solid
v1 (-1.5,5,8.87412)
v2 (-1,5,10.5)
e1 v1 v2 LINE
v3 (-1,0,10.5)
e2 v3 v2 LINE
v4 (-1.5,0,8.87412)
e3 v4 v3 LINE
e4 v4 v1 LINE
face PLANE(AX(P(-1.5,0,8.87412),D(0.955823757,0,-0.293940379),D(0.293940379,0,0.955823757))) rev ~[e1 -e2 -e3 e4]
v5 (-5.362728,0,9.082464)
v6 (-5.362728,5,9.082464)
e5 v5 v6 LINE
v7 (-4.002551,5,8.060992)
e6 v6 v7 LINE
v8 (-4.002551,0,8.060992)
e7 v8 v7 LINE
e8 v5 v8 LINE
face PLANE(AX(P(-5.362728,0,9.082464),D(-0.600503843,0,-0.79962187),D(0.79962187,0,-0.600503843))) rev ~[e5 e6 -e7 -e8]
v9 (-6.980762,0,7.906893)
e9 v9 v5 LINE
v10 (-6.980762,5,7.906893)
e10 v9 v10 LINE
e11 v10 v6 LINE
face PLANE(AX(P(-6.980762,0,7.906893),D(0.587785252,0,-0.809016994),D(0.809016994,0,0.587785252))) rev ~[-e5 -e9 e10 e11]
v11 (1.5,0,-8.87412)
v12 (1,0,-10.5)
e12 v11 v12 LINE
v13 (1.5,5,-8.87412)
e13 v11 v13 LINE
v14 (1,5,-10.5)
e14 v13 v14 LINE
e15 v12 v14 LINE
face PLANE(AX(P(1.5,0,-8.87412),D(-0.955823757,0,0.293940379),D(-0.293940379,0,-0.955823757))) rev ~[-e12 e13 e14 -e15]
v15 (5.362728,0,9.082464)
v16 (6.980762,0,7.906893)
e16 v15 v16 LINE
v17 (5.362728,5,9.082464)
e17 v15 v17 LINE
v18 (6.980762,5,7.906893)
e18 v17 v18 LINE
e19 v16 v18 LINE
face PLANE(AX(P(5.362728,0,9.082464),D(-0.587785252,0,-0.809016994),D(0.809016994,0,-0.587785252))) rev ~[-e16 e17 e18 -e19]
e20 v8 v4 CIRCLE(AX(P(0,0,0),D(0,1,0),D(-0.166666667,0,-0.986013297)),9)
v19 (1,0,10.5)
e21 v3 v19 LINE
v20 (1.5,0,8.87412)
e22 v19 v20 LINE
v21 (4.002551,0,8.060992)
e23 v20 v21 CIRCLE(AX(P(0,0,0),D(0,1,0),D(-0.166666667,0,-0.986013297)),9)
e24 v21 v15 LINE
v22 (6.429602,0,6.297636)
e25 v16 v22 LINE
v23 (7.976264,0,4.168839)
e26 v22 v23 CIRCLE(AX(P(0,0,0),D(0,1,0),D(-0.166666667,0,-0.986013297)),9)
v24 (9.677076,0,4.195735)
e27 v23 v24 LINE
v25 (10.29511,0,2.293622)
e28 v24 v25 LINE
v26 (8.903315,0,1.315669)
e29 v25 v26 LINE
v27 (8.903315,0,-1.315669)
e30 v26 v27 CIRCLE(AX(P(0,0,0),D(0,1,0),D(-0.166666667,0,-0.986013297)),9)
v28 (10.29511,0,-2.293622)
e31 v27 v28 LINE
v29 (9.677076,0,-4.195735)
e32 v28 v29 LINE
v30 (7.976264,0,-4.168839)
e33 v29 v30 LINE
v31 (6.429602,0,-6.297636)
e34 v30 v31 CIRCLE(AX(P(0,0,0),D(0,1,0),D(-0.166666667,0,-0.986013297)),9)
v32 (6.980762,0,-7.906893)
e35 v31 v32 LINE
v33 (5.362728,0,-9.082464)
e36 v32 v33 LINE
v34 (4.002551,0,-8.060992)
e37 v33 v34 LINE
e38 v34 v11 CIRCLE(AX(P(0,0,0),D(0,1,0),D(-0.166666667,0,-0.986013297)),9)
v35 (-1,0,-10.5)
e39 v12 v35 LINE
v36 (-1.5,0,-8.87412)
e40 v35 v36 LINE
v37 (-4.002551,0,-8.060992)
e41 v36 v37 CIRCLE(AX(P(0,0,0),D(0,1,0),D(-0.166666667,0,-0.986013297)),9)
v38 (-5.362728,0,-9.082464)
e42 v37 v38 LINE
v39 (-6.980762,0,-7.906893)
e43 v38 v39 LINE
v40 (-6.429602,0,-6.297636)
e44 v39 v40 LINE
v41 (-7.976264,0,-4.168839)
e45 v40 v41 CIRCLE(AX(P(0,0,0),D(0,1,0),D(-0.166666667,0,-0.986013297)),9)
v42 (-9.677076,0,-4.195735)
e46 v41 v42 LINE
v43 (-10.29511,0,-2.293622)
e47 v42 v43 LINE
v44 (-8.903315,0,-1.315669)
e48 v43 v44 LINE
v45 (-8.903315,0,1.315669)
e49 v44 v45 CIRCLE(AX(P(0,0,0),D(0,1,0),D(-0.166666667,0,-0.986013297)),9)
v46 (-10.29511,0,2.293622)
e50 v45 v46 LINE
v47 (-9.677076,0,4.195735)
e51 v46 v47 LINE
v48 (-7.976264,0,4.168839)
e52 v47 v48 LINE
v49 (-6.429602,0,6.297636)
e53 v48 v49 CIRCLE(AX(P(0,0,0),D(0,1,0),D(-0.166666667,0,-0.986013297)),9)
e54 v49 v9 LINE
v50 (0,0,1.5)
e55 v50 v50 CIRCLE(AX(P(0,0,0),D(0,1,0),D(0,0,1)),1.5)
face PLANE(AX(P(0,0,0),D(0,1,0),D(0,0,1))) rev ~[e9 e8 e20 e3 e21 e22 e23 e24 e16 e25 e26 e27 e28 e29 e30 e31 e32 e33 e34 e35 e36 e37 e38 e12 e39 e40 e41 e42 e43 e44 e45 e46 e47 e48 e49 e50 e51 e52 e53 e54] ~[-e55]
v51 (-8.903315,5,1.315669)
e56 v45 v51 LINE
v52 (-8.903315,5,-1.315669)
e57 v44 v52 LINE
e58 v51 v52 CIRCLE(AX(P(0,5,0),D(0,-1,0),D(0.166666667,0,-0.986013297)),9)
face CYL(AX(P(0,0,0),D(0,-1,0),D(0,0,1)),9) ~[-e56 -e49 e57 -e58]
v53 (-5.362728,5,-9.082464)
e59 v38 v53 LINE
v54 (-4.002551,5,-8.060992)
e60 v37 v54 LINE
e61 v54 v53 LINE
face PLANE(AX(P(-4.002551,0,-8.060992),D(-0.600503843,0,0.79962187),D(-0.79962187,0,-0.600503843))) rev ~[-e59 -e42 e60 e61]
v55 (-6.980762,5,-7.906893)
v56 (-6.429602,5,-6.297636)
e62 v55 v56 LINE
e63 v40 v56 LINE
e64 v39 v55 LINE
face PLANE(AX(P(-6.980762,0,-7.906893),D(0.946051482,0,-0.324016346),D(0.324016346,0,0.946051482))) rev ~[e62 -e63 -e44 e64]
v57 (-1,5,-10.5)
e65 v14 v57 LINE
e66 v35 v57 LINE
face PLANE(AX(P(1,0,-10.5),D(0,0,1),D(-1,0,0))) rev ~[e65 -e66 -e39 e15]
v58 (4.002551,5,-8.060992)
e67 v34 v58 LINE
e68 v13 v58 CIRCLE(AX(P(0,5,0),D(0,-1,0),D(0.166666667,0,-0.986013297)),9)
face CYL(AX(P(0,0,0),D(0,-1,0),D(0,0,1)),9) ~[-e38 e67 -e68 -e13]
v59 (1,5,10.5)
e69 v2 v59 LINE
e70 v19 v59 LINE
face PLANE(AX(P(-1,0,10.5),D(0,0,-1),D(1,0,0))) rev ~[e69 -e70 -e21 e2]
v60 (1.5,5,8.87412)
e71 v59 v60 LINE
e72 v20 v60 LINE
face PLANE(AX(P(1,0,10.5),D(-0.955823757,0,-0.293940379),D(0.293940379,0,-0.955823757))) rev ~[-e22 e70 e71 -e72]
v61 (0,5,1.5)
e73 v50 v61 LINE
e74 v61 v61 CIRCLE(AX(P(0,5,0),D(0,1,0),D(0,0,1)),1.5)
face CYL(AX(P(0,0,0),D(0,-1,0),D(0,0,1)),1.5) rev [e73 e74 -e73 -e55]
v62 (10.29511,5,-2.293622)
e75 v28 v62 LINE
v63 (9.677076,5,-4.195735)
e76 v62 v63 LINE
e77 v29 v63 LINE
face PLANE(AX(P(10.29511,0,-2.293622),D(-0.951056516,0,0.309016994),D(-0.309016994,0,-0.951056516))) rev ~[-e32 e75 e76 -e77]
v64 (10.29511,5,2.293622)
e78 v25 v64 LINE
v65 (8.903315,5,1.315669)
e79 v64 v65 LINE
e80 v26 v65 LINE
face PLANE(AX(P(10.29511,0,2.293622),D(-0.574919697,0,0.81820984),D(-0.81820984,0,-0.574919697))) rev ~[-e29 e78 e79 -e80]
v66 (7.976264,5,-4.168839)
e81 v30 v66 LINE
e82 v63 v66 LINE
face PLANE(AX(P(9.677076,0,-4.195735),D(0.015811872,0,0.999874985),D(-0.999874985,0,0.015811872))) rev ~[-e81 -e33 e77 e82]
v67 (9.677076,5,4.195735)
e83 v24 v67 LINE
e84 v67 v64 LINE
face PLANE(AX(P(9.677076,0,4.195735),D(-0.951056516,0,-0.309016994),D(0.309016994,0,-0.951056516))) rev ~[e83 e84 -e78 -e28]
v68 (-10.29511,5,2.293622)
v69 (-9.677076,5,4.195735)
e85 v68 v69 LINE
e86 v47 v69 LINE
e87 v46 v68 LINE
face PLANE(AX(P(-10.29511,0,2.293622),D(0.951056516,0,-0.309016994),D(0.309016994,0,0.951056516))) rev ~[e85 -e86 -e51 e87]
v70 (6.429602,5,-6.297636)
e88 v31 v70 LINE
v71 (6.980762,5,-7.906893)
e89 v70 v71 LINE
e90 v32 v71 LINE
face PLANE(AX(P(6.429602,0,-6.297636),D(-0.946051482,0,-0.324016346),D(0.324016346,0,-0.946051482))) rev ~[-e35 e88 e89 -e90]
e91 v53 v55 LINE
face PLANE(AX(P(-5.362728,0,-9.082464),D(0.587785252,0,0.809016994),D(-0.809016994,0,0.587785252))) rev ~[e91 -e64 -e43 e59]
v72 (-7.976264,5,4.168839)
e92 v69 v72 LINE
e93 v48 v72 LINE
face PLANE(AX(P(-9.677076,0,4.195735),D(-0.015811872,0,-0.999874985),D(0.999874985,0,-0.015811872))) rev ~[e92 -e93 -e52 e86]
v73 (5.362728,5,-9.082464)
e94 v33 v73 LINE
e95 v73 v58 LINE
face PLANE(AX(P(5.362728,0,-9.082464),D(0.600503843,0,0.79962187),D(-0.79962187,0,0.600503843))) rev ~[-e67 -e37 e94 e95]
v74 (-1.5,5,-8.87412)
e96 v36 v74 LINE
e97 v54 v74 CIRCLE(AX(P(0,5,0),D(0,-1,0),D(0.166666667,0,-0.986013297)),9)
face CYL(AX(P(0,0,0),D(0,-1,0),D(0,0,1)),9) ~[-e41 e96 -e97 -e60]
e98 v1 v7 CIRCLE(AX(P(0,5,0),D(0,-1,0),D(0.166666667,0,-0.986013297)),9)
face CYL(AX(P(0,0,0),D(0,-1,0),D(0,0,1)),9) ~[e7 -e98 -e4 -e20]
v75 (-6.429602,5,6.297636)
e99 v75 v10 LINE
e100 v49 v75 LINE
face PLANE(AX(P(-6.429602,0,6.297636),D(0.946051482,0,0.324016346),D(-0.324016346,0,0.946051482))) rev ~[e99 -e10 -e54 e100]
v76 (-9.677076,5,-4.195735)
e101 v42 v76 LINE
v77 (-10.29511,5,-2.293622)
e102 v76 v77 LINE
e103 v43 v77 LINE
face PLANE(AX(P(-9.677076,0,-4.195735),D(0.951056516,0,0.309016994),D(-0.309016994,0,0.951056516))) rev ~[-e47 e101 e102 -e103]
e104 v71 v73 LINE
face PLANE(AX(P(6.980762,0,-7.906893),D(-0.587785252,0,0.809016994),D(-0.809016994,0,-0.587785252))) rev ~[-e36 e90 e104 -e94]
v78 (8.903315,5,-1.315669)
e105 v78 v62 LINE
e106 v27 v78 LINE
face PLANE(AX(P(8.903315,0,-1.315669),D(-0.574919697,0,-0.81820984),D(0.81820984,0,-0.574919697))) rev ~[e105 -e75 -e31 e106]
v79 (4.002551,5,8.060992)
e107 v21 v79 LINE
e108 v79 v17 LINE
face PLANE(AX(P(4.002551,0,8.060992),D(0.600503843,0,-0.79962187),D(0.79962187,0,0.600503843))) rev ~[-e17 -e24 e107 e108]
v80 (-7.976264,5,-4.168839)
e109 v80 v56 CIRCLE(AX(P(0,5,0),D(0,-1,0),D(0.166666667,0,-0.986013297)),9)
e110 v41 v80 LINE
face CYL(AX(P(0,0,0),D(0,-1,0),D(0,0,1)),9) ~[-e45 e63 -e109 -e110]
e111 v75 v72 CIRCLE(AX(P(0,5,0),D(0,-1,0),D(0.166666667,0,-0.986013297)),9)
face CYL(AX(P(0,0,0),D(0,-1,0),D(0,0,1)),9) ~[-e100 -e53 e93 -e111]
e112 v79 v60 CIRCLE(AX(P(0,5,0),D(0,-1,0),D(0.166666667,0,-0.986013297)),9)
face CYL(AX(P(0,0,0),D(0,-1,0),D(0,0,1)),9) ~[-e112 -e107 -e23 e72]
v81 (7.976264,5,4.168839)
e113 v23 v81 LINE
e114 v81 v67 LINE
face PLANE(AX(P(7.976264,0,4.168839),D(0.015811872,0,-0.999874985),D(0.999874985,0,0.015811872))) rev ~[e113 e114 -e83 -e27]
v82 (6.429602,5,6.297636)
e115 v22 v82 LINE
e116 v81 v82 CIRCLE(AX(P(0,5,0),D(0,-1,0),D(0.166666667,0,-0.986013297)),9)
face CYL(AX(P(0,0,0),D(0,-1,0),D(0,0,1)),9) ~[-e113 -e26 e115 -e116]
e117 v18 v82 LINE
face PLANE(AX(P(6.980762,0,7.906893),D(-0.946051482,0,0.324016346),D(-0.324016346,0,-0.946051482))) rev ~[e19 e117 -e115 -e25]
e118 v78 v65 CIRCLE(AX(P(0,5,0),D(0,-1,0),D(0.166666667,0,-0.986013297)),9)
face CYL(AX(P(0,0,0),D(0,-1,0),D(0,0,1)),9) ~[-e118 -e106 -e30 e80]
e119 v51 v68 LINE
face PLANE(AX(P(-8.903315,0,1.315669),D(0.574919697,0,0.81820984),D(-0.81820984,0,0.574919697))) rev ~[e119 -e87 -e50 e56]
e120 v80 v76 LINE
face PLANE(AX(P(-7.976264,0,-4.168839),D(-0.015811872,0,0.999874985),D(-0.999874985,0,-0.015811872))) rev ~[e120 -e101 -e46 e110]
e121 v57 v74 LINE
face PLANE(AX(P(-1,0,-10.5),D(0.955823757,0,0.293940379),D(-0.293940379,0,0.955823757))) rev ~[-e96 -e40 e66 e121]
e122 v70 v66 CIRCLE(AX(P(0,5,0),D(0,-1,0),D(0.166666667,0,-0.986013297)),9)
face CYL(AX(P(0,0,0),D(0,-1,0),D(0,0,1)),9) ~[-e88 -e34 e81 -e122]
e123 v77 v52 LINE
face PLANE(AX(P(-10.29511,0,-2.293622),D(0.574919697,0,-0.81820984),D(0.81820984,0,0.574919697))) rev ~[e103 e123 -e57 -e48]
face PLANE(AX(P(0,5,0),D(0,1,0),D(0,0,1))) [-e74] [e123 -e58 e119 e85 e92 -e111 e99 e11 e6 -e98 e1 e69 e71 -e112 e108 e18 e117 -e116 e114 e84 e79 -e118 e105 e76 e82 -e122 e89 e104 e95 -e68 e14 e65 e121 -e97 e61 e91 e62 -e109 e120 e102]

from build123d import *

# Parameters (mm, degrees)
SKETCH_1_R               = 9
SKETCH_1_R_2             = 1.5
EXTRUDE_1_DEPTH          = 5
EXTRUDE_START            = -5
EXTRUDE_2_DEPTH          = 5
PATTERN_CIRCULAR_1_COUNT = 10


with BuildPart() as part:
    # 草图1 → 凸台-拉伸1 (new body)
    with BuildSketch(Plane(origin=(0, 0, 0), x_dir=(1, 0, 0), z_dir=(0, 1, 0))):
        with Locations(Location((0, 0, 0), (0, 0, 270))):
            Circle(SKETCH_1_R)
        with Locations(Location((0, 0, 0), (0, 0, 270))):
            Circle(SKETCH_1_R_2, mode=Mode.SUBTRACT)
    extrude(amount=EXTRUDE_1_DEPTH)

    # 草图2 → 凸台-拉伸2 (add)
    with BuildSketch(Plane(origin=(0, 5, 0), x_dir=(1, 0, 0), z_dir=(0, 1, 0)).offset(EXTRUDE_START)):
        with BuildLine():
            Line((1.5, 8.874119675), (1, 10.5))
            Line((1, 10.5), (-1, 10.5))
            Line((-1, 10.5), (-1.5, 8.874119675))
            ThreePointArc((-1.5, 8.874119675), (0, 9), (1.5, 8.874119675))
        make_face()
    extrude_2 = extrude(amount=EXTRUDE_2_DEPTH)

    # 阵列(圆周)1: 凸台-拉伸2 ×10 about axis
    pattern_circular_1_axis = Axis((0, 0, 0), (0, 1, 0))
    for i in range(1, PATTERN_CIRCULAR_1_COUNT):
        add(extrude_2.rotate(pattern_circular_1_axis, i * 360 / PATTERN_CIRCULAR_1_COUNT))


solid = part.part
